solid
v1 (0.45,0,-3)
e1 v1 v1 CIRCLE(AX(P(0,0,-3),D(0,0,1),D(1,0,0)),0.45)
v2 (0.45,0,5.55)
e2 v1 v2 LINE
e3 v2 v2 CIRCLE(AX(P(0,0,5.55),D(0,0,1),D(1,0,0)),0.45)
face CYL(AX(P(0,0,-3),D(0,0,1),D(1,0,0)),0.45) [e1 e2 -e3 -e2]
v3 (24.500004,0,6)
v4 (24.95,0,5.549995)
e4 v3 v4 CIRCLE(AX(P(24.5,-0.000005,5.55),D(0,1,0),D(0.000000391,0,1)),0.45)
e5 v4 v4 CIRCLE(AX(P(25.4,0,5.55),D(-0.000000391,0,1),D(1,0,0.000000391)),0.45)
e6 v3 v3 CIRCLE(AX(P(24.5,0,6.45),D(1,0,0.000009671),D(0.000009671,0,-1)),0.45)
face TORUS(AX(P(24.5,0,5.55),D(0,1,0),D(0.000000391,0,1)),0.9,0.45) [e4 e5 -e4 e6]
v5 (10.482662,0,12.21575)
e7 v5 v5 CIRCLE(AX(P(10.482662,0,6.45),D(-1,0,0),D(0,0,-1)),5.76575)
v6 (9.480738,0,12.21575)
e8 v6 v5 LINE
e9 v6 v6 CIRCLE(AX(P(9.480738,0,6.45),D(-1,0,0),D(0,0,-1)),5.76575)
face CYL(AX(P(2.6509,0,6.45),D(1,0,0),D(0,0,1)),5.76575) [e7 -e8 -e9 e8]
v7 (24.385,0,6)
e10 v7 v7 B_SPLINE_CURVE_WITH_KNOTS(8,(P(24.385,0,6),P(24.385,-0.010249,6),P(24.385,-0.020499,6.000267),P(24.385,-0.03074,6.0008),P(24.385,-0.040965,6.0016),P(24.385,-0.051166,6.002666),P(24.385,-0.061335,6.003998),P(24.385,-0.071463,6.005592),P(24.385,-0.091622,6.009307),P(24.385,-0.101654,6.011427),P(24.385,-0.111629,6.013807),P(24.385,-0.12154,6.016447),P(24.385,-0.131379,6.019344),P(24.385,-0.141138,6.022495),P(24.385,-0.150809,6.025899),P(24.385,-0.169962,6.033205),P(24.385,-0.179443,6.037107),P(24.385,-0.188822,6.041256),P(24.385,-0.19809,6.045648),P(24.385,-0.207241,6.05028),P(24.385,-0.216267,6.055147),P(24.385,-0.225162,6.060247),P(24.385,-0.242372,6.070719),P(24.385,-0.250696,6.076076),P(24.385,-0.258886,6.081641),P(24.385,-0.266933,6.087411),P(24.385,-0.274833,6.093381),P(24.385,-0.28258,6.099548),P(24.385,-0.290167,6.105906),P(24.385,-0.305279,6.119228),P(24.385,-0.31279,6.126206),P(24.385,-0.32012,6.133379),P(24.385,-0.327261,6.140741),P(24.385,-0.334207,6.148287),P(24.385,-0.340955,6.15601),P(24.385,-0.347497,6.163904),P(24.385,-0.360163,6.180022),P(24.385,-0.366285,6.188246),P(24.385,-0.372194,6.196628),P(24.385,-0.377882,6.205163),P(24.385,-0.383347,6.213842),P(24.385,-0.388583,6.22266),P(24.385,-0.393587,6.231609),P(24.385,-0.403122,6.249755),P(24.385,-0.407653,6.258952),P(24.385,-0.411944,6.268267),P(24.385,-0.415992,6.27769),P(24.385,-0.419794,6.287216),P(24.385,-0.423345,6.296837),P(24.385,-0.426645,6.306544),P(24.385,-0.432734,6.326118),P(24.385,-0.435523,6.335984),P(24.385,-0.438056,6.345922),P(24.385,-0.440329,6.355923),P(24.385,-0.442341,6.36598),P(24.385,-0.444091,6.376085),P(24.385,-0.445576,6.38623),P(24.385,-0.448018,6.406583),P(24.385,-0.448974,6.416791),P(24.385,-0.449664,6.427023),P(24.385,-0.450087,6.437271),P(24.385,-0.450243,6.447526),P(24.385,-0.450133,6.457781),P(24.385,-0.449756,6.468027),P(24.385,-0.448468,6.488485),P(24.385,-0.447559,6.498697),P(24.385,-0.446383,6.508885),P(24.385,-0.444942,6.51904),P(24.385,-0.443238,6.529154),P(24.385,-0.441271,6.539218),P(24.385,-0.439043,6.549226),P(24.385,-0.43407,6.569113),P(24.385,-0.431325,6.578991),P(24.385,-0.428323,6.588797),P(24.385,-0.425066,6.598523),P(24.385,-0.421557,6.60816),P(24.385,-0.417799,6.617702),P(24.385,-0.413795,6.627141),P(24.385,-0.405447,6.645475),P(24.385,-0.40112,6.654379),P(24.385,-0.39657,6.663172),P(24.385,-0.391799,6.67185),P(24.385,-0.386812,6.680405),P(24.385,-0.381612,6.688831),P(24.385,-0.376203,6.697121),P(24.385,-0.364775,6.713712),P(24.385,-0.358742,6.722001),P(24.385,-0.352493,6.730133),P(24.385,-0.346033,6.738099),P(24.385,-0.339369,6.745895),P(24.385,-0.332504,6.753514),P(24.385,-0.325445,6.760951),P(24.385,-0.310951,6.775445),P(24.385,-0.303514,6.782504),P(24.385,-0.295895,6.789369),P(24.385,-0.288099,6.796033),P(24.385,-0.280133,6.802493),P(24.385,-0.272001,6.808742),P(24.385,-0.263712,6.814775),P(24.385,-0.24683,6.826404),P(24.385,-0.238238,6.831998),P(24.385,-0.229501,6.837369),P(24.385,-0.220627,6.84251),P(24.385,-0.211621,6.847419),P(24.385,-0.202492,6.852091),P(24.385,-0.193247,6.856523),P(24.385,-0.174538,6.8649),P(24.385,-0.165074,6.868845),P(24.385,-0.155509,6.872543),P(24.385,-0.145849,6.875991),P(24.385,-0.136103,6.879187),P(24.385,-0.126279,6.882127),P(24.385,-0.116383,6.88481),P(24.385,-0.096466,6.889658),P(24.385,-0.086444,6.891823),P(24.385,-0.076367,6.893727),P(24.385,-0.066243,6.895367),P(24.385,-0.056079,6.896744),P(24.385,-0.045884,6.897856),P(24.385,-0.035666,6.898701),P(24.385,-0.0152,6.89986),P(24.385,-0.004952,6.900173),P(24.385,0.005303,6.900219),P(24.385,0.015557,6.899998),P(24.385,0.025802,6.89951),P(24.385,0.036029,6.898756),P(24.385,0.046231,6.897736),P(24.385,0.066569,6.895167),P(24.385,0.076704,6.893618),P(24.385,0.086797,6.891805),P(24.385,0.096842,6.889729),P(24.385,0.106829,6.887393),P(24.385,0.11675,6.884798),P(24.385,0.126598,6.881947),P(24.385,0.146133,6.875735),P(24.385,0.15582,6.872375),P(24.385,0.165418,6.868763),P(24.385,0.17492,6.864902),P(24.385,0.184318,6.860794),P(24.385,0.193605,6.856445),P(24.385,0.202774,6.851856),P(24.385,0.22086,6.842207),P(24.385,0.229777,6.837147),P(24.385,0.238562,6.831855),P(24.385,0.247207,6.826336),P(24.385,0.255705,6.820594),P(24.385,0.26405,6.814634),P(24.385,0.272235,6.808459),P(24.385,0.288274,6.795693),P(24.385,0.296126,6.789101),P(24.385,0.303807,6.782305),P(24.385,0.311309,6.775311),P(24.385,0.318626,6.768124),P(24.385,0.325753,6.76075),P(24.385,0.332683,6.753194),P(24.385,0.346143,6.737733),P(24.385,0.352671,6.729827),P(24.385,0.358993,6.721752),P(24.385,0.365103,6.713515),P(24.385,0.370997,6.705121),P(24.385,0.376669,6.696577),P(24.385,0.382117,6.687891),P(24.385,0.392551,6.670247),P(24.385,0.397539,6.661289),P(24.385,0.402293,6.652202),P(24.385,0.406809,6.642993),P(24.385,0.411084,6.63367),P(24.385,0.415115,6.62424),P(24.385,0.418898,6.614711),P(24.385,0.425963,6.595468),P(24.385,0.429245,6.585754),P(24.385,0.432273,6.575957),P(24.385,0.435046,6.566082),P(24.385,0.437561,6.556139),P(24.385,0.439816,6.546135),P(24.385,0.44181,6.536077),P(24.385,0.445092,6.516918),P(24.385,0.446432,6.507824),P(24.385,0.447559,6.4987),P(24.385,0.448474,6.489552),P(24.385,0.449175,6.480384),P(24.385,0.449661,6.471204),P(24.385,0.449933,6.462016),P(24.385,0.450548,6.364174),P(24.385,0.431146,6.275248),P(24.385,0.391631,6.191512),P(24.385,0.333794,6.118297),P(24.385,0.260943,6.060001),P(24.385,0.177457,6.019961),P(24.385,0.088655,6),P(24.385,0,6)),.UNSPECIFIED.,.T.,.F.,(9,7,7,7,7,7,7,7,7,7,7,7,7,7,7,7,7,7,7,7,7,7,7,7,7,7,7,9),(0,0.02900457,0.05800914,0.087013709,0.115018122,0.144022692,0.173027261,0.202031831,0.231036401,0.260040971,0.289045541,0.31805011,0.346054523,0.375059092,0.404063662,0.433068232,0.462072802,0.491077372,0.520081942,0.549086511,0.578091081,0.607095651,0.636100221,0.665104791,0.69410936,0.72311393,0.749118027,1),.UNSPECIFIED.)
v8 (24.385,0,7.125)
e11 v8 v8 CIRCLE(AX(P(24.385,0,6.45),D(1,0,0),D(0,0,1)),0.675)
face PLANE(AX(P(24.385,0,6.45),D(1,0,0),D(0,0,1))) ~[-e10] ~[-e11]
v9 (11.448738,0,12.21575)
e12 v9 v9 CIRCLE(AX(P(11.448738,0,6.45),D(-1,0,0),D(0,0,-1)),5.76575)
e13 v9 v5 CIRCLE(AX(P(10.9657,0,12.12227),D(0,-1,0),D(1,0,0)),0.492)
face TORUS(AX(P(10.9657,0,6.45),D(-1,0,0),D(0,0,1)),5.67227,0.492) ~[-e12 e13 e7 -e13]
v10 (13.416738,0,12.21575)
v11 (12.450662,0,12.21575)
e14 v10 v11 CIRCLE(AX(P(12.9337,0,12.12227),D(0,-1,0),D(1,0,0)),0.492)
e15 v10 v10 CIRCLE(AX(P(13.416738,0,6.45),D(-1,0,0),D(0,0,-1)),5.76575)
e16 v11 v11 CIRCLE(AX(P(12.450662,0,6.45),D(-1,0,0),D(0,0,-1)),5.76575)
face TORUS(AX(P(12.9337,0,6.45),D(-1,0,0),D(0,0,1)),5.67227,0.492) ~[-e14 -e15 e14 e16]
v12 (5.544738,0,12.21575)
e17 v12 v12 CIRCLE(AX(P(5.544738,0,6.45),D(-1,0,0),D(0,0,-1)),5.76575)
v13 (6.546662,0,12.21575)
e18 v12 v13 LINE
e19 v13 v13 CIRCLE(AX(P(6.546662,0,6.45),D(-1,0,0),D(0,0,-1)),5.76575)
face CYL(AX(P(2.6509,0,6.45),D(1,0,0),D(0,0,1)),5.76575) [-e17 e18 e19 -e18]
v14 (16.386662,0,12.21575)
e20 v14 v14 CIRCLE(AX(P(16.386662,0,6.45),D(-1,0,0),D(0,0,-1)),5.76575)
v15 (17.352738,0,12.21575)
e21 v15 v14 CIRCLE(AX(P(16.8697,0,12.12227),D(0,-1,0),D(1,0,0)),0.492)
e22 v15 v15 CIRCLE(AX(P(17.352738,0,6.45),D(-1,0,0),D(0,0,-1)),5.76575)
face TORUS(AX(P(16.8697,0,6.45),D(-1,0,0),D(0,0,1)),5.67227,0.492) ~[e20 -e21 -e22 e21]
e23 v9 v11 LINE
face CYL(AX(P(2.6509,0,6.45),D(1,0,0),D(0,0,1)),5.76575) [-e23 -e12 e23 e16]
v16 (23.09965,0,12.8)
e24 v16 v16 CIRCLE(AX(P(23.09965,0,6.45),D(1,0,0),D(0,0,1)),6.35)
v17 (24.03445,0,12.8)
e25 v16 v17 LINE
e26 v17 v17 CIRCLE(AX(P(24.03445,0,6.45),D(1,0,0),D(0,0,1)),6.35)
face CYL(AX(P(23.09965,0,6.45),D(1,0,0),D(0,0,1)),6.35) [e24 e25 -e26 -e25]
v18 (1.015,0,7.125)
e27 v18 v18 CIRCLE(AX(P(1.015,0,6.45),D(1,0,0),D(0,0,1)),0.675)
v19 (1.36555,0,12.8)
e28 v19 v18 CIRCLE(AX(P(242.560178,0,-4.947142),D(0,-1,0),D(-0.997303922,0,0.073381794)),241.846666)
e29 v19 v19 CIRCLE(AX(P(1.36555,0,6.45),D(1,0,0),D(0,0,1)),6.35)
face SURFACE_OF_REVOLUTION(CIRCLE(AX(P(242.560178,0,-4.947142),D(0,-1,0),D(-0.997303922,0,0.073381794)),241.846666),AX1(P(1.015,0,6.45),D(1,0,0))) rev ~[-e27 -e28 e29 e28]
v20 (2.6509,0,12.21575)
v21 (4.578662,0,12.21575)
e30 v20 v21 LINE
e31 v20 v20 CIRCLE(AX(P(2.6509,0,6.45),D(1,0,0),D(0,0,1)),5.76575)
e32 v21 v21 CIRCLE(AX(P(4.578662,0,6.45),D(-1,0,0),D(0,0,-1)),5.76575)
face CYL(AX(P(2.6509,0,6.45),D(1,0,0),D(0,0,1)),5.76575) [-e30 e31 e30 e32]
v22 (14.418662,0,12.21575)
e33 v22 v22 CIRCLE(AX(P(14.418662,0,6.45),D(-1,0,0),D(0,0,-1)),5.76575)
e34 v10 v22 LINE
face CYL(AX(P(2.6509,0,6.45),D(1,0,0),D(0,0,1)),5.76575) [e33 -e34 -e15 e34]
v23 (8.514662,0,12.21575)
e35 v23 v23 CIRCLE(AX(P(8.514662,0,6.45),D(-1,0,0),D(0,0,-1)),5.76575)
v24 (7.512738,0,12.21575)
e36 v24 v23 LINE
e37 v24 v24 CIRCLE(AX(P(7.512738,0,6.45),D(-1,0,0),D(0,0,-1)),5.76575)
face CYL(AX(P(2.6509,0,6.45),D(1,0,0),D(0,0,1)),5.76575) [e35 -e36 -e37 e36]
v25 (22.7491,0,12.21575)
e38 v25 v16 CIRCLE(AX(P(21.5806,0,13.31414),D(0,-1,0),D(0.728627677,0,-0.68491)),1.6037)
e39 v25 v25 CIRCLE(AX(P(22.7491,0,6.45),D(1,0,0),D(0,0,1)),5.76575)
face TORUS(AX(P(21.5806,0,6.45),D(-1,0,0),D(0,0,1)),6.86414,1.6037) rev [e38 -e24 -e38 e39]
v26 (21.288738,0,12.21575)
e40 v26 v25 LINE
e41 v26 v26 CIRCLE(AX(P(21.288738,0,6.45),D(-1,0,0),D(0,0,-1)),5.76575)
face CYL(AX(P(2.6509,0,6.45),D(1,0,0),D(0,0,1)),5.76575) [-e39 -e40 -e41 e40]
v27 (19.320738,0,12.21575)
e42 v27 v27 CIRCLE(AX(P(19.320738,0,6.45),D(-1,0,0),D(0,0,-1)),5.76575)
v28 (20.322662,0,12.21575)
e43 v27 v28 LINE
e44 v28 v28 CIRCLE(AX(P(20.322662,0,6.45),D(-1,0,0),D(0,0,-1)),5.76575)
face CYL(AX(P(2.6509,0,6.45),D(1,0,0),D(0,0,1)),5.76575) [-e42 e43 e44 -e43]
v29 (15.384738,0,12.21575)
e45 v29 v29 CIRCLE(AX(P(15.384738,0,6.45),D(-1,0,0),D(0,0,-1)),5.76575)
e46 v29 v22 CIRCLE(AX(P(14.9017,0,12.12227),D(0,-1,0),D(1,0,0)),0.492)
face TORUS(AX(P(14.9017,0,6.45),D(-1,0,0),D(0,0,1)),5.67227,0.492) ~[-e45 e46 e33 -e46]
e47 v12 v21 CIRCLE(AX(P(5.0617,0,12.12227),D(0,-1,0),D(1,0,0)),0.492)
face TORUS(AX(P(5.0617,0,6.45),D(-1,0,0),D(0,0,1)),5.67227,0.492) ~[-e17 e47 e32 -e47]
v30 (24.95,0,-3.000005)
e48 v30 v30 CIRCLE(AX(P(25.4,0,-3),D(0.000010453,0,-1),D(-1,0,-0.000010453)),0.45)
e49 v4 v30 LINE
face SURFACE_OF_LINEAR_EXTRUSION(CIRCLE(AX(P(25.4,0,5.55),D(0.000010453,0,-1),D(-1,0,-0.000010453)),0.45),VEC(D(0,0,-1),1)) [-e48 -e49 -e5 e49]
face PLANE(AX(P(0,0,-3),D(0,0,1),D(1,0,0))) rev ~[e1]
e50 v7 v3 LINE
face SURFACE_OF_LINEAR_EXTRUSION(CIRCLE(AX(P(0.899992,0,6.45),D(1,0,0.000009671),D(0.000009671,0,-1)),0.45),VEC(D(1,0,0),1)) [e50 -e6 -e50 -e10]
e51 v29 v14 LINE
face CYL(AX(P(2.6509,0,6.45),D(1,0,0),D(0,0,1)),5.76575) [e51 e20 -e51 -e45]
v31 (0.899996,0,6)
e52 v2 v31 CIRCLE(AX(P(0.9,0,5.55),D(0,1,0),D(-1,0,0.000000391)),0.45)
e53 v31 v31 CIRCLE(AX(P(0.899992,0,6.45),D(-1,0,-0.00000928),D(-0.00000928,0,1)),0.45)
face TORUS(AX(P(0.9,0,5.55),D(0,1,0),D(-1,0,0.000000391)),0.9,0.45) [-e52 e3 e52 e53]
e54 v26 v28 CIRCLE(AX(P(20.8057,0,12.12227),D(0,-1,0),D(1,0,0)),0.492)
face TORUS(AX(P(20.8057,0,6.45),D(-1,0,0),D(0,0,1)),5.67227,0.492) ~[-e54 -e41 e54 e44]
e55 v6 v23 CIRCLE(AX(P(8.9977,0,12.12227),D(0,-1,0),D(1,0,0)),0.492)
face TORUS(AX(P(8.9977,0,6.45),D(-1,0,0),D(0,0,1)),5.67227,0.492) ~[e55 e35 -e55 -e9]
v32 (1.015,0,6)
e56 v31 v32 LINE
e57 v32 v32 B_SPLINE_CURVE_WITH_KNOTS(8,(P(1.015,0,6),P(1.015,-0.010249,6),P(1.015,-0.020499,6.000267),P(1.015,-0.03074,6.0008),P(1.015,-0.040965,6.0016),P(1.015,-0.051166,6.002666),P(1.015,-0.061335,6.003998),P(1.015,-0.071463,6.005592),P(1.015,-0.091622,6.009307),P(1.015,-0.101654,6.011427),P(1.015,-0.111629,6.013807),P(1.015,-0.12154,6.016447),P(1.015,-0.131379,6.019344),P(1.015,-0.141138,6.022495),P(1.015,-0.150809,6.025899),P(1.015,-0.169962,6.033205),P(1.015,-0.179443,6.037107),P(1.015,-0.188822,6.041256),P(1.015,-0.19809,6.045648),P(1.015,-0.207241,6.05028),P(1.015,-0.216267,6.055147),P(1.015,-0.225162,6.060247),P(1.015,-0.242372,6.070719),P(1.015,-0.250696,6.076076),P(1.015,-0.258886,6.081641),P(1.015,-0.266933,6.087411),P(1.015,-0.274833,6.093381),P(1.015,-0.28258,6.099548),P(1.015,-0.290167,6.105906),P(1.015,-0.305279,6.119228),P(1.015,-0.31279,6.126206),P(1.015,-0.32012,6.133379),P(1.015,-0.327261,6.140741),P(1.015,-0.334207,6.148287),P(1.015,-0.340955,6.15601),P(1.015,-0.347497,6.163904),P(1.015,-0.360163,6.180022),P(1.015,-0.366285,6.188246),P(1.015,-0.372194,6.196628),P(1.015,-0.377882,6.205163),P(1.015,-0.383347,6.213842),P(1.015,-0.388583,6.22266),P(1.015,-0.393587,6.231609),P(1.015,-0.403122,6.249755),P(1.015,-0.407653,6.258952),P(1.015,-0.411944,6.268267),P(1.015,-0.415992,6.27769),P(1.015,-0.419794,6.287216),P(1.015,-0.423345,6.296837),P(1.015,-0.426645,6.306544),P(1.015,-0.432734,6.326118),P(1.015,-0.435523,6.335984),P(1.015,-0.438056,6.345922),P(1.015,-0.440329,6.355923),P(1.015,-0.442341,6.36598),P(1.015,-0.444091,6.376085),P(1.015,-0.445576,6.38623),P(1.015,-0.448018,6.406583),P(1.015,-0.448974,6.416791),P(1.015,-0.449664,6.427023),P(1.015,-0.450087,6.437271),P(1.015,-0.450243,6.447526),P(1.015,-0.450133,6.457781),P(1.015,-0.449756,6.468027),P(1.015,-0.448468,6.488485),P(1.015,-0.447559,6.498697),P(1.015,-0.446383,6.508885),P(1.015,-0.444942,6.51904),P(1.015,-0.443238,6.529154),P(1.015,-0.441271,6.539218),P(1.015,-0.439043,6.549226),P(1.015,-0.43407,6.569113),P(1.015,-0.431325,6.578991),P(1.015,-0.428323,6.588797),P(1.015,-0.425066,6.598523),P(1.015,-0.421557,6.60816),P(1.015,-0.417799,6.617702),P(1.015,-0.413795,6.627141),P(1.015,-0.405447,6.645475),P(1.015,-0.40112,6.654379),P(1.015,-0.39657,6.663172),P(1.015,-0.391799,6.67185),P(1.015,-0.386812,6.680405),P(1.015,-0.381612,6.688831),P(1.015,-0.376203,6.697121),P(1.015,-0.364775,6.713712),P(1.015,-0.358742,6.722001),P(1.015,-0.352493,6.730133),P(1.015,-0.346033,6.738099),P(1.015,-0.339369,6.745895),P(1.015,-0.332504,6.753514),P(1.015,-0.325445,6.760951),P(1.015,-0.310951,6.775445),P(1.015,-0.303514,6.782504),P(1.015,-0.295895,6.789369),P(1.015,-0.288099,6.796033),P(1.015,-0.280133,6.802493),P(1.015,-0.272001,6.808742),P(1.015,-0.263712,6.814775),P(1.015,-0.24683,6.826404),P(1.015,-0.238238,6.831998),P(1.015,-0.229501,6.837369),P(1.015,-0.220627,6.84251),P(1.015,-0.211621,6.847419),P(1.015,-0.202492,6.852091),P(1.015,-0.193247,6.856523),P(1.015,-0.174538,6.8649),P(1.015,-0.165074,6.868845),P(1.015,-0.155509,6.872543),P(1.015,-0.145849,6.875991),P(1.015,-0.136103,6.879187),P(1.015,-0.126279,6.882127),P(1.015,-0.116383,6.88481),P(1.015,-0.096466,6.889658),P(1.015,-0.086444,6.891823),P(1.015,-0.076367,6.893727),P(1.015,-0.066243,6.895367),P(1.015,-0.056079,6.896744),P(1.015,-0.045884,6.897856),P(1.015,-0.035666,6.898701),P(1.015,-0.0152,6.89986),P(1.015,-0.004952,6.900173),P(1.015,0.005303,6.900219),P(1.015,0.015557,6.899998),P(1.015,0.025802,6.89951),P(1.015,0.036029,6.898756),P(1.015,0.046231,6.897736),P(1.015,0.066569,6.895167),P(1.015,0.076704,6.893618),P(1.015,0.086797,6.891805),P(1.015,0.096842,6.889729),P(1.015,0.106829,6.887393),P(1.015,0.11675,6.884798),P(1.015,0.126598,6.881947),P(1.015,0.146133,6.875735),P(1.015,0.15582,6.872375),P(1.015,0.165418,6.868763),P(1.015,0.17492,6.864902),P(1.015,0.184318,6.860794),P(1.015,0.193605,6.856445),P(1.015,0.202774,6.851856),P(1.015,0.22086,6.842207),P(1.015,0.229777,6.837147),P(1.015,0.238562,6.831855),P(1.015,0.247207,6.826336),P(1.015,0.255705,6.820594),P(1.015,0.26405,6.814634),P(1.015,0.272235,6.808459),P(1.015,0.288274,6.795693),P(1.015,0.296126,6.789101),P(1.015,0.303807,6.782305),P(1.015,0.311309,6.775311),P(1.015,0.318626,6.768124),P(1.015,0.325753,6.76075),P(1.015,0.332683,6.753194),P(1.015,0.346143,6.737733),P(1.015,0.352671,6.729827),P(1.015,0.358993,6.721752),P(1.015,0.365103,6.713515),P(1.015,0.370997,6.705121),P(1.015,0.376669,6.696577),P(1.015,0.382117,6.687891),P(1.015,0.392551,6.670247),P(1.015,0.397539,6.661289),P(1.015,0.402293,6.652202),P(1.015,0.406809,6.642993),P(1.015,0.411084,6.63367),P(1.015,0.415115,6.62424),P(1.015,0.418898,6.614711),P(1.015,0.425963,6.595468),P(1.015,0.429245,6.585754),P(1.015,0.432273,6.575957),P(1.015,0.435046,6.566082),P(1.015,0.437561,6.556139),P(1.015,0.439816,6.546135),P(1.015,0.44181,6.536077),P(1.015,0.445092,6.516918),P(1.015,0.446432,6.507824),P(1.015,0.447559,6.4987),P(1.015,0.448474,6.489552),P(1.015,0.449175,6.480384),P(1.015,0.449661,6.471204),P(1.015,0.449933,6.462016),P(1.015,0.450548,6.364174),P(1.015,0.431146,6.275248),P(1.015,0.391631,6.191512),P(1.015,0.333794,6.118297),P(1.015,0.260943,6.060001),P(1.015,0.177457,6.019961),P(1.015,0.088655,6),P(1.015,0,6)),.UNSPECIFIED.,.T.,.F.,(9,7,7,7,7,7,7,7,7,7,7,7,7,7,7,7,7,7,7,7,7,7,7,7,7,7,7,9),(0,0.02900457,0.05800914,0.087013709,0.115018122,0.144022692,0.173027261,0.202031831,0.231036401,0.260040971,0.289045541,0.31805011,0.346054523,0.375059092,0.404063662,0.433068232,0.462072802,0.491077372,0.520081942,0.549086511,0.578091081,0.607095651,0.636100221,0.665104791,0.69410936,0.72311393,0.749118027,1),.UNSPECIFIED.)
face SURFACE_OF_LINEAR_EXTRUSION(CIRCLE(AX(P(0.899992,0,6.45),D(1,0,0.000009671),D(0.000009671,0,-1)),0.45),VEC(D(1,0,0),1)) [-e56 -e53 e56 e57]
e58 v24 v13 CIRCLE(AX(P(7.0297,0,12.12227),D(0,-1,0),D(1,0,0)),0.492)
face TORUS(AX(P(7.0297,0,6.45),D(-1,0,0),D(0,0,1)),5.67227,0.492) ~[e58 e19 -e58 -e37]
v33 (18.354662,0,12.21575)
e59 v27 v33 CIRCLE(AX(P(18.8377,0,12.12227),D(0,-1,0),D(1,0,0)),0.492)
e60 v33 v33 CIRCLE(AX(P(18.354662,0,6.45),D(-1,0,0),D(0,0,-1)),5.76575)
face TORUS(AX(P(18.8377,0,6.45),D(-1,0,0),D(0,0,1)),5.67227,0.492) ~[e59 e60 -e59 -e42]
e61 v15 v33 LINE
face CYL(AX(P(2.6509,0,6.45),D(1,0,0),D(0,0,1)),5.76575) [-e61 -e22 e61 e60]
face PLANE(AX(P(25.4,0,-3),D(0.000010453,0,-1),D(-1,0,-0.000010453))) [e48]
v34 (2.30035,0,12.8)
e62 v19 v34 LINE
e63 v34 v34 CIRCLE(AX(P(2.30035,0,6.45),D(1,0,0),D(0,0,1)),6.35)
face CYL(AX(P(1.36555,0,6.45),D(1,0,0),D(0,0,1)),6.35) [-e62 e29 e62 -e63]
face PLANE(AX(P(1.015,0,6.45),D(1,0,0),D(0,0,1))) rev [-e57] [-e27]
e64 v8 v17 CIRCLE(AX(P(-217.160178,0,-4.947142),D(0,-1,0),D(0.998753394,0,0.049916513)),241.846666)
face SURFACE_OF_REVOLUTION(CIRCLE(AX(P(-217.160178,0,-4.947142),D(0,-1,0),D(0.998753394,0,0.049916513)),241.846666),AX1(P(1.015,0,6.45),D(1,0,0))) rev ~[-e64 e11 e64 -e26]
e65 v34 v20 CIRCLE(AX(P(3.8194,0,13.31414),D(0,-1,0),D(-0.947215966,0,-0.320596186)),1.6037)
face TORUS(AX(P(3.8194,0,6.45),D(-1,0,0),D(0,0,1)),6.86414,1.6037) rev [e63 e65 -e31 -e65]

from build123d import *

# Parameters (mm, degrees)
SKETCH_R = 0.45


with BuildPart() as sweep_body:
    # Sweep: sweep along a path in Sketch001
    with BuildLine(Plane.XZ) as sweep_path:
        Line((0, -3), (0, 5.55))
        ThreePointArc((0, 5.55), (0.263601, 6.186393), (0.899992, 6.45))
        Line((0.899992, 6.45), (24.5, 6.45))
        ThreePointArc((24.5, 6.45), (25.136396, 6.186396), (25.4, 5.55))
        Line((25.4, 5.55), (25.4, -3))
    # Sketch → Sweep (sweep)
    with BuildSketch(Plane.XY.offset(-2)):
        Circle(SKETCH_R)
    sweep(path=sweep_path.line)


with BuildPart() as revolution:
    # Sketch002 → Revolution (revolve)
    with BuildSketch(Plane.XZ):
        with BuildLine():
            Line((1.36555, 12.8), (2.30035, 12.8))
            ThreePointArc((2.30035, 12.8), (2.444239, 12.489043), (2.6509, 12.21575))
            Line((2.6509, 12.21575), (22.7491, 12.21575))
            ThreePointArc((22.7491, 12.21575), (22.955761, 12.489043), (23.09965, 12.8))
            Line((23.09965, 12.8), (24.03445, 12.8))
            ThreePointArc((24.385, 7.125), (24.226403, 9.96353), (24.03445, 12.8))
            Line((24.385, 6.45), (24.385, 7.125))
            Line((1.015, 6.45), (24.385, 6.45))
            Line((1.015, 6.45), (1.015, 7.125))
            ThreePointArc((1.36555, 12.8), (1.173597, 9.96353), (1.015, 7.125))
        make_face()
    revolve(axis=Axis((1.015, 0, 6.45), (1, 0, 0)))


with BuildPart() as revolution001_mp_cp:
    # Sketch003 → Revolution001 (revolve)
    with BuildSketch(Plane.XZ):
        with BuildLine():
            ThreePointArc((5.5537, 12.12227), (5.0617, 12.61427), (4.5697, 12.12227))
            Line((3.5857, 12.12227), (4.5697, 12.12227))
            Line((3.5857, 12.12227), (3.5857, 10.85227))
            Line((3.5857, 10.85227), (22.2817, 10.85227))
            Line((22.2817, 10.85227), (22.2817, 12.12227))
            Line((21.2977, 12.12227), (22.2817, 12.12227))
            ThreePointArc((21.2977, 12.12227), (20.8057, 12.61427), (20.3137, 12.12227))
            Line((19.3297, 12.12227), (20.3137, 12.12227))
            ThreePointArc((19.3297, 12.12227), (18.8377, 12.61427), (18.3457, 12.12227))
            Line((17.3617, 12.12227), (18.3457, 12.12227))
            ThreePointArc((17.3617, 12.12227), (16.8697, 12.61427), (16.3777, 12.12227))
            Line((15.3937, 12.12227), (16.3777, 12.12227))
            ThreePointArc((15.3937, 12.12227), (14.9017, 12.61427), (14.4097, 12.12227))
            Line((13.4257, 12.12227), (14.4097, 12.12227))
            ThreePointArc((13.4257, 12.12227), (12.9337, 12.61427), (12.4417, 12.12227))
            Line((11.4577, 12.12227), (12.4417, 12.12227))
            ThreePointArc((11.4577, 12.12227), (10.9657, 12.61427), (10.4737, 12.12227))
            Line((9.4897, 12.12227), (10.4737, 12.12227))
            ThreePointArc((9.4897, 12.12227), (8.9977, 12.61427), (8.5057, 12.12227))
            Line((7.5217, 12.12227), (8.5057, 12.12227))
            ThreePointArc((7.5217, 12.12227), (7.0297, 12.61427), (6.5377, 12.12227))
            Line((5.5537, 12.12227), (6.5377, 12.12227))
        make_face()
    revolve(axis=Axis((1.59925, 0, 6.45), (1, 0, 0)))

    # Revolution001_mp_cp: union Sweep body, Revolution
    add(sweep_body.part)
    add(revolution.part)


solid = revolution001_mp_cp.part
